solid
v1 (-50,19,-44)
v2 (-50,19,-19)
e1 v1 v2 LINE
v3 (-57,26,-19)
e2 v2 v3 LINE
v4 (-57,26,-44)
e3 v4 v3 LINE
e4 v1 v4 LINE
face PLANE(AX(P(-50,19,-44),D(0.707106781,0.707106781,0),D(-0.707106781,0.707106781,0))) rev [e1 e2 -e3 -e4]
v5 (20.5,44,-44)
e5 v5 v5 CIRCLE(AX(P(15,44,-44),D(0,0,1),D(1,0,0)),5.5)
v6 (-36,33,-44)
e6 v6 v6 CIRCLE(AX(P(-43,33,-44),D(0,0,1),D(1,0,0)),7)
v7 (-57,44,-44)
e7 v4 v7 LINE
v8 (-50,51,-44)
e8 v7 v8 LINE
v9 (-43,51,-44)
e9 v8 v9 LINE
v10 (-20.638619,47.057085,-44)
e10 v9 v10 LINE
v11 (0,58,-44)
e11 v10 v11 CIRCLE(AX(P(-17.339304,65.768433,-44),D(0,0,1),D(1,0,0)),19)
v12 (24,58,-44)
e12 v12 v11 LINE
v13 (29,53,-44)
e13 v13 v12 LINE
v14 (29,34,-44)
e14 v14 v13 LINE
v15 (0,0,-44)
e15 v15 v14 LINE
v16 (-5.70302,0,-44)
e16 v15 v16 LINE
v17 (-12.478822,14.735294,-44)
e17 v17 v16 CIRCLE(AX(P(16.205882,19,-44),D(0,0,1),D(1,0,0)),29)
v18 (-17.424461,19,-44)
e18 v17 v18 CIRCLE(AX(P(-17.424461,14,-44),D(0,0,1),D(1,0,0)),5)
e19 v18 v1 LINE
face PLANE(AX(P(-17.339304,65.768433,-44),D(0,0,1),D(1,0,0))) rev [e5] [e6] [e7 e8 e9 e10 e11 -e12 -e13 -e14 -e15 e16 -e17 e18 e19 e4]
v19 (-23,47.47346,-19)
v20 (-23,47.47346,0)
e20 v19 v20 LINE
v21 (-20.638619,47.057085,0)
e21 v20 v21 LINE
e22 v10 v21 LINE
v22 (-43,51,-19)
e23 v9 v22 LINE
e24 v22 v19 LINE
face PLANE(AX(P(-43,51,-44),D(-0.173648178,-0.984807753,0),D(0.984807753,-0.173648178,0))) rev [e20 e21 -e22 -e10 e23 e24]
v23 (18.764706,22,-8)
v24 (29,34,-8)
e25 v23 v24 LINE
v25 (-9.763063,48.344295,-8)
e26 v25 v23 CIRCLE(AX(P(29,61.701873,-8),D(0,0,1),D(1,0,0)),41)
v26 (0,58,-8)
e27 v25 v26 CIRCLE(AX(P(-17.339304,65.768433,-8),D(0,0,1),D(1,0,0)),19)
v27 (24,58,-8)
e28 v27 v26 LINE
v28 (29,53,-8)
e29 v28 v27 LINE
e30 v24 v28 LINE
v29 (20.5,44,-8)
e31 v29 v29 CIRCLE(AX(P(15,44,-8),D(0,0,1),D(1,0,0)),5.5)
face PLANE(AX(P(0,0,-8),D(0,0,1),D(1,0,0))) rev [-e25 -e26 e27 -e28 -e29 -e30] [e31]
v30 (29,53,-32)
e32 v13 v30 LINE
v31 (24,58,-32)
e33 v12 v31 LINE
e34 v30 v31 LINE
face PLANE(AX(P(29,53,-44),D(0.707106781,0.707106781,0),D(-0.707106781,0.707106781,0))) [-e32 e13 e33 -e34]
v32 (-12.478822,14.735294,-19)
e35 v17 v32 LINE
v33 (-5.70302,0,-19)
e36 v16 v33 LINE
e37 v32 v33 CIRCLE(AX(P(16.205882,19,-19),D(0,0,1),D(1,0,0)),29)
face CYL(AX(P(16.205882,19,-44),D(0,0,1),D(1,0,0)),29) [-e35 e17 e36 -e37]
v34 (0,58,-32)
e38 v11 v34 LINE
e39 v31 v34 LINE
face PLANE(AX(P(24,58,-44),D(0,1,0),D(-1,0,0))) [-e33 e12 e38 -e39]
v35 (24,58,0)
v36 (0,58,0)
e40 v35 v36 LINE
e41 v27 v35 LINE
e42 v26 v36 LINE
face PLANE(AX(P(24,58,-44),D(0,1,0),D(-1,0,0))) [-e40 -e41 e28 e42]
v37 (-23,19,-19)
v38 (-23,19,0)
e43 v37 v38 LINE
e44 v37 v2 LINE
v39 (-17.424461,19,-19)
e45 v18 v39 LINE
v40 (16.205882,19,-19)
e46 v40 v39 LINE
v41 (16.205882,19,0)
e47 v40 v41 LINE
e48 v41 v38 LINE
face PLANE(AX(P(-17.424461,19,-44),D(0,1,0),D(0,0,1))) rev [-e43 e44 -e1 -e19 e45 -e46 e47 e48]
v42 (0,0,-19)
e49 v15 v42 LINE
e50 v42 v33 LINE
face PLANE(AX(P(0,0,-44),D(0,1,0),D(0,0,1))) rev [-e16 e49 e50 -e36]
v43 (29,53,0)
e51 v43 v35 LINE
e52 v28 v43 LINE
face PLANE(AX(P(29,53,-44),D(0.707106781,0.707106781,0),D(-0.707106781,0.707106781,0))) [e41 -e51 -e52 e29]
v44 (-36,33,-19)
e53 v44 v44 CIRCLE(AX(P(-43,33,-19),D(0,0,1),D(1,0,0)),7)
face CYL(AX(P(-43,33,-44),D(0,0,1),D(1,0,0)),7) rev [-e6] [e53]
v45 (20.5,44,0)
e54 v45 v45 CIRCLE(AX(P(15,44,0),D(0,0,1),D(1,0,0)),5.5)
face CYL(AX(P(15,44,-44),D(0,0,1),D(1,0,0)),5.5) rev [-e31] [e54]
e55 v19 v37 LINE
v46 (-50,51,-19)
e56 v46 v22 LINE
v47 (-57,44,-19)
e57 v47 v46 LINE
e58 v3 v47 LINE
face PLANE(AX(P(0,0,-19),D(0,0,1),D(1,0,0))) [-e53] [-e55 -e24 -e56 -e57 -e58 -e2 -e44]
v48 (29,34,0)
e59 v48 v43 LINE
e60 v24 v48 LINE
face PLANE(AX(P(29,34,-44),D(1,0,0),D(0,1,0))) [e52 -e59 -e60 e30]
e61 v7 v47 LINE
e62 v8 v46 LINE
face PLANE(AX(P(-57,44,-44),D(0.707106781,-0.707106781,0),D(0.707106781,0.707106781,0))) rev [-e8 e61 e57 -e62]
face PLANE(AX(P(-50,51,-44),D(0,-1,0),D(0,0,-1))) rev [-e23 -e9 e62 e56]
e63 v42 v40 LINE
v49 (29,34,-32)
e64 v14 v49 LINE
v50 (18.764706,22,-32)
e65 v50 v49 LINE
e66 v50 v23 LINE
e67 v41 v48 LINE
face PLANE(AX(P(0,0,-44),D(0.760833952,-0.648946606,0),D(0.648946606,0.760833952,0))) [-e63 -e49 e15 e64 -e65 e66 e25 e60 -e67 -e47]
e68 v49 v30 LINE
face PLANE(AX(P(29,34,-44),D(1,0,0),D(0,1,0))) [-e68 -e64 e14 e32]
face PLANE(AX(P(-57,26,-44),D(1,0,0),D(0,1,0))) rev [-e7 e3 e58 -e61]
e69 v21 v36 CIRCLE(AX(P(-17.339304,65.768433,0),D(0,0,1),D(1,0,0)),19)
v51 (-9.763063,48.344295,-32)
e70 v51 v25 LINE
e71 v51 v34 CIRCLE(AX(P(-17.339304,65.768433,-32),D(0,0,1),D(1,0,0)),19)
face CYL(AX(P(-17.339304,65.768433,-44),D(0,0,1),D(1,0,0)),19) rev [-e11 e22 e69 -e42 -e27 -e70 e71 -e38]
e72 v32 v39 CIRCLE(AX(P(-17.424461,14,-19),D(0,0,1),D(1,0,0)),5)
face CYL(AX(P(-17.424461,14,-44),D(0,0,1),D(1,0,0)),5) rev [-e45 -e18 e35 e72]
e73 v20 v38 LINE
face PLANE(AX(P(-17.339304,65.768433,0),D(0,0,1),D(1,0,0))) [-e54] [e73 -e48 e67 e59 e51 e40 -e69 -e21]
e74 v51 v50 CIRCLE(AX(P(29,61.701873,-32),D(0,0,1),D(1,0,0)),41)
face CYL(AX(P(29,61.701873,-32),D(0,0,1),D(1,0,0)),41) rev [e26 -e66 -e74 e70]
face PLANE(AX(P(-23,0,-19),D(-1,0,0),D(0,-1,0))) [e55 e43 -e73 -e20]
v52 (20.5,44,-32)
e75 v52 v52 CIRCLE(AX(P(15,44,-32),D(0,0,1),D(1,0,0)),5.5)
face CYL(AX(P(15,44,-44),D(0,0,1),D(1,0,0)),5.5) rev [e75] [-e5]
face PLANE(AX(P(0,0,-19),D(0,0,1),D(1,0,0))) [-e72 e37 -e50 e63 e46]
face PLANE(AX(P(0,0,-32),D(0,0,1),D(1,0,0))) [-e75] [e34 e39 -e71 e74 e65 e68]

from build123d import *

# Parameters (mm, degrees)
SKETCH1_R           = 7
BOSS_EXTRUDE1_DEPTH = 44
SKETCH1_5_R         = 7
CUT_EXTRUDE1_DEPTH  = 19
SKETCH1_6_R         = 5.5
CUT_EXTRUDE2_DEPTH  = 93.460802506
CUT_EXTRUDE3_START  = -8
SKETCH1_7_R         = 5.5
CUT_EXTRUDE3_DEPTH  = 24


with BuildPart() as part:
    # Sketch1 → Boss-Extrude1 (new body)
    with BuildSketch(Plane.XY):
        with BuildLine():
            Line((0, 0), (29, 34))
            Line((29, 34), (29, 53))
            Line((29, 53), (24, 58))
            Line((24, 58), (0, 58))
            ThreePointArc((0, 58), (-8.438901294, 48.982044142), (-20.638619164, 47.057085233))
            Line((-20.638619164, 47.057085233), (-43, 51))
            Line((-43, 51), (-50, 51))
            Line((-50, 51), (-57, 44))
            Line((-57, 44), (-57, 26))
            Line((-57, 26), (-50, 19))
            Line((-50, 19), (-17.424461089, 19))
            ThreePointArc((-17.424461089, 19), (-14.159225308, 17.786586232), (-12.478822347, 14.735294118))
            ThreePointArc((-12.478822347, 14.735294118), (-10.141992144, 6.884327939), (-5.703019947, 0))
            Line((-5.703019947, 0), (0, 0))
        make_face()
        with Locations((-43, 33)):
            Circle(SKETCH1_R, mode=Mode.SUBTRACT)
    extrude(amount=-BOSS_EXTRUDE1_DEPTH)

    # Sketch1<5> → Cut-Extrude1 (cut)
    # profile 1 of 2: a face of its own
    with BuildSketch(Plane.XY):
        with BuildLine():
            Line((-5.703019947, 0), (0, 0))
            Line((0, 0), (16.205882353, 19))
            Line((16.205882353, 19), (-17.424461089, 19))
            ThreePointArc((-17.424461089, 19), (-14.159225308, 17.786586232), (-12.478822347, 14.735294118))
            ThreePointArc((-12.478822347, 14.735294118), (-10.141992144, 6.884327939), (-5.703019947, 0))
        make_face()
    # profile 2 of 2: a face of its own
    with BuildSketch(Plane.XY):
        Polygon((-50, 19), (-23, 19), (-23, 47.473460386), (-43, 51), (-50, 51), (-57, 44), (-57, 26), align=None)
        with Locations((-43, 33)):
            Circle(SKETCH1_5_R, mode=Mode.SUBTRACT)
    extrude(amount=-CUT_EXTRUDE1_DEPTH, mode=Mode.SUBTRACT)

    # Sketch1<6> → Cut-Extrude2 (cut, through all)
    with BuildSketch(Plane.XY):
        with Locations((15, 44)):
            Circle(SKETCH1_6_R)
    extrude(amount=-CUT_EXTRUDE2_DEPTH, mode=Mode.SUBTRACT)

    # Sketch1<7> → Cut-Extrude3 (cut)
    with BuildSketch(Plane.XY.offset(CUT_EXTRUDE3_START)):
        with BuildLine():
            ThreePointArc((-9.763063451, 48.344294617), (1.184262982, 31.580705229), (18.764705882, 22))
            Line((18.764705882, 22), (29, 34))
            Line((29, 34), (29, 53))
            Line((29, 53), (24, 58))
            Line((24, 58), (0, 58))
            ThreePointArc((0, 58), (-3.978755657, 52.259333621), (-9.763063451, 48.344294617))
        make_face()
        with Locations((15, 44)):
            Circle(SKETCH1_7_R, mode=Mode.SUBTRACT)
    extrude(amount=-CUT_EXTRUDE3_DEPTH, mode=Mode.SUBTRACT)


solid = part.part
